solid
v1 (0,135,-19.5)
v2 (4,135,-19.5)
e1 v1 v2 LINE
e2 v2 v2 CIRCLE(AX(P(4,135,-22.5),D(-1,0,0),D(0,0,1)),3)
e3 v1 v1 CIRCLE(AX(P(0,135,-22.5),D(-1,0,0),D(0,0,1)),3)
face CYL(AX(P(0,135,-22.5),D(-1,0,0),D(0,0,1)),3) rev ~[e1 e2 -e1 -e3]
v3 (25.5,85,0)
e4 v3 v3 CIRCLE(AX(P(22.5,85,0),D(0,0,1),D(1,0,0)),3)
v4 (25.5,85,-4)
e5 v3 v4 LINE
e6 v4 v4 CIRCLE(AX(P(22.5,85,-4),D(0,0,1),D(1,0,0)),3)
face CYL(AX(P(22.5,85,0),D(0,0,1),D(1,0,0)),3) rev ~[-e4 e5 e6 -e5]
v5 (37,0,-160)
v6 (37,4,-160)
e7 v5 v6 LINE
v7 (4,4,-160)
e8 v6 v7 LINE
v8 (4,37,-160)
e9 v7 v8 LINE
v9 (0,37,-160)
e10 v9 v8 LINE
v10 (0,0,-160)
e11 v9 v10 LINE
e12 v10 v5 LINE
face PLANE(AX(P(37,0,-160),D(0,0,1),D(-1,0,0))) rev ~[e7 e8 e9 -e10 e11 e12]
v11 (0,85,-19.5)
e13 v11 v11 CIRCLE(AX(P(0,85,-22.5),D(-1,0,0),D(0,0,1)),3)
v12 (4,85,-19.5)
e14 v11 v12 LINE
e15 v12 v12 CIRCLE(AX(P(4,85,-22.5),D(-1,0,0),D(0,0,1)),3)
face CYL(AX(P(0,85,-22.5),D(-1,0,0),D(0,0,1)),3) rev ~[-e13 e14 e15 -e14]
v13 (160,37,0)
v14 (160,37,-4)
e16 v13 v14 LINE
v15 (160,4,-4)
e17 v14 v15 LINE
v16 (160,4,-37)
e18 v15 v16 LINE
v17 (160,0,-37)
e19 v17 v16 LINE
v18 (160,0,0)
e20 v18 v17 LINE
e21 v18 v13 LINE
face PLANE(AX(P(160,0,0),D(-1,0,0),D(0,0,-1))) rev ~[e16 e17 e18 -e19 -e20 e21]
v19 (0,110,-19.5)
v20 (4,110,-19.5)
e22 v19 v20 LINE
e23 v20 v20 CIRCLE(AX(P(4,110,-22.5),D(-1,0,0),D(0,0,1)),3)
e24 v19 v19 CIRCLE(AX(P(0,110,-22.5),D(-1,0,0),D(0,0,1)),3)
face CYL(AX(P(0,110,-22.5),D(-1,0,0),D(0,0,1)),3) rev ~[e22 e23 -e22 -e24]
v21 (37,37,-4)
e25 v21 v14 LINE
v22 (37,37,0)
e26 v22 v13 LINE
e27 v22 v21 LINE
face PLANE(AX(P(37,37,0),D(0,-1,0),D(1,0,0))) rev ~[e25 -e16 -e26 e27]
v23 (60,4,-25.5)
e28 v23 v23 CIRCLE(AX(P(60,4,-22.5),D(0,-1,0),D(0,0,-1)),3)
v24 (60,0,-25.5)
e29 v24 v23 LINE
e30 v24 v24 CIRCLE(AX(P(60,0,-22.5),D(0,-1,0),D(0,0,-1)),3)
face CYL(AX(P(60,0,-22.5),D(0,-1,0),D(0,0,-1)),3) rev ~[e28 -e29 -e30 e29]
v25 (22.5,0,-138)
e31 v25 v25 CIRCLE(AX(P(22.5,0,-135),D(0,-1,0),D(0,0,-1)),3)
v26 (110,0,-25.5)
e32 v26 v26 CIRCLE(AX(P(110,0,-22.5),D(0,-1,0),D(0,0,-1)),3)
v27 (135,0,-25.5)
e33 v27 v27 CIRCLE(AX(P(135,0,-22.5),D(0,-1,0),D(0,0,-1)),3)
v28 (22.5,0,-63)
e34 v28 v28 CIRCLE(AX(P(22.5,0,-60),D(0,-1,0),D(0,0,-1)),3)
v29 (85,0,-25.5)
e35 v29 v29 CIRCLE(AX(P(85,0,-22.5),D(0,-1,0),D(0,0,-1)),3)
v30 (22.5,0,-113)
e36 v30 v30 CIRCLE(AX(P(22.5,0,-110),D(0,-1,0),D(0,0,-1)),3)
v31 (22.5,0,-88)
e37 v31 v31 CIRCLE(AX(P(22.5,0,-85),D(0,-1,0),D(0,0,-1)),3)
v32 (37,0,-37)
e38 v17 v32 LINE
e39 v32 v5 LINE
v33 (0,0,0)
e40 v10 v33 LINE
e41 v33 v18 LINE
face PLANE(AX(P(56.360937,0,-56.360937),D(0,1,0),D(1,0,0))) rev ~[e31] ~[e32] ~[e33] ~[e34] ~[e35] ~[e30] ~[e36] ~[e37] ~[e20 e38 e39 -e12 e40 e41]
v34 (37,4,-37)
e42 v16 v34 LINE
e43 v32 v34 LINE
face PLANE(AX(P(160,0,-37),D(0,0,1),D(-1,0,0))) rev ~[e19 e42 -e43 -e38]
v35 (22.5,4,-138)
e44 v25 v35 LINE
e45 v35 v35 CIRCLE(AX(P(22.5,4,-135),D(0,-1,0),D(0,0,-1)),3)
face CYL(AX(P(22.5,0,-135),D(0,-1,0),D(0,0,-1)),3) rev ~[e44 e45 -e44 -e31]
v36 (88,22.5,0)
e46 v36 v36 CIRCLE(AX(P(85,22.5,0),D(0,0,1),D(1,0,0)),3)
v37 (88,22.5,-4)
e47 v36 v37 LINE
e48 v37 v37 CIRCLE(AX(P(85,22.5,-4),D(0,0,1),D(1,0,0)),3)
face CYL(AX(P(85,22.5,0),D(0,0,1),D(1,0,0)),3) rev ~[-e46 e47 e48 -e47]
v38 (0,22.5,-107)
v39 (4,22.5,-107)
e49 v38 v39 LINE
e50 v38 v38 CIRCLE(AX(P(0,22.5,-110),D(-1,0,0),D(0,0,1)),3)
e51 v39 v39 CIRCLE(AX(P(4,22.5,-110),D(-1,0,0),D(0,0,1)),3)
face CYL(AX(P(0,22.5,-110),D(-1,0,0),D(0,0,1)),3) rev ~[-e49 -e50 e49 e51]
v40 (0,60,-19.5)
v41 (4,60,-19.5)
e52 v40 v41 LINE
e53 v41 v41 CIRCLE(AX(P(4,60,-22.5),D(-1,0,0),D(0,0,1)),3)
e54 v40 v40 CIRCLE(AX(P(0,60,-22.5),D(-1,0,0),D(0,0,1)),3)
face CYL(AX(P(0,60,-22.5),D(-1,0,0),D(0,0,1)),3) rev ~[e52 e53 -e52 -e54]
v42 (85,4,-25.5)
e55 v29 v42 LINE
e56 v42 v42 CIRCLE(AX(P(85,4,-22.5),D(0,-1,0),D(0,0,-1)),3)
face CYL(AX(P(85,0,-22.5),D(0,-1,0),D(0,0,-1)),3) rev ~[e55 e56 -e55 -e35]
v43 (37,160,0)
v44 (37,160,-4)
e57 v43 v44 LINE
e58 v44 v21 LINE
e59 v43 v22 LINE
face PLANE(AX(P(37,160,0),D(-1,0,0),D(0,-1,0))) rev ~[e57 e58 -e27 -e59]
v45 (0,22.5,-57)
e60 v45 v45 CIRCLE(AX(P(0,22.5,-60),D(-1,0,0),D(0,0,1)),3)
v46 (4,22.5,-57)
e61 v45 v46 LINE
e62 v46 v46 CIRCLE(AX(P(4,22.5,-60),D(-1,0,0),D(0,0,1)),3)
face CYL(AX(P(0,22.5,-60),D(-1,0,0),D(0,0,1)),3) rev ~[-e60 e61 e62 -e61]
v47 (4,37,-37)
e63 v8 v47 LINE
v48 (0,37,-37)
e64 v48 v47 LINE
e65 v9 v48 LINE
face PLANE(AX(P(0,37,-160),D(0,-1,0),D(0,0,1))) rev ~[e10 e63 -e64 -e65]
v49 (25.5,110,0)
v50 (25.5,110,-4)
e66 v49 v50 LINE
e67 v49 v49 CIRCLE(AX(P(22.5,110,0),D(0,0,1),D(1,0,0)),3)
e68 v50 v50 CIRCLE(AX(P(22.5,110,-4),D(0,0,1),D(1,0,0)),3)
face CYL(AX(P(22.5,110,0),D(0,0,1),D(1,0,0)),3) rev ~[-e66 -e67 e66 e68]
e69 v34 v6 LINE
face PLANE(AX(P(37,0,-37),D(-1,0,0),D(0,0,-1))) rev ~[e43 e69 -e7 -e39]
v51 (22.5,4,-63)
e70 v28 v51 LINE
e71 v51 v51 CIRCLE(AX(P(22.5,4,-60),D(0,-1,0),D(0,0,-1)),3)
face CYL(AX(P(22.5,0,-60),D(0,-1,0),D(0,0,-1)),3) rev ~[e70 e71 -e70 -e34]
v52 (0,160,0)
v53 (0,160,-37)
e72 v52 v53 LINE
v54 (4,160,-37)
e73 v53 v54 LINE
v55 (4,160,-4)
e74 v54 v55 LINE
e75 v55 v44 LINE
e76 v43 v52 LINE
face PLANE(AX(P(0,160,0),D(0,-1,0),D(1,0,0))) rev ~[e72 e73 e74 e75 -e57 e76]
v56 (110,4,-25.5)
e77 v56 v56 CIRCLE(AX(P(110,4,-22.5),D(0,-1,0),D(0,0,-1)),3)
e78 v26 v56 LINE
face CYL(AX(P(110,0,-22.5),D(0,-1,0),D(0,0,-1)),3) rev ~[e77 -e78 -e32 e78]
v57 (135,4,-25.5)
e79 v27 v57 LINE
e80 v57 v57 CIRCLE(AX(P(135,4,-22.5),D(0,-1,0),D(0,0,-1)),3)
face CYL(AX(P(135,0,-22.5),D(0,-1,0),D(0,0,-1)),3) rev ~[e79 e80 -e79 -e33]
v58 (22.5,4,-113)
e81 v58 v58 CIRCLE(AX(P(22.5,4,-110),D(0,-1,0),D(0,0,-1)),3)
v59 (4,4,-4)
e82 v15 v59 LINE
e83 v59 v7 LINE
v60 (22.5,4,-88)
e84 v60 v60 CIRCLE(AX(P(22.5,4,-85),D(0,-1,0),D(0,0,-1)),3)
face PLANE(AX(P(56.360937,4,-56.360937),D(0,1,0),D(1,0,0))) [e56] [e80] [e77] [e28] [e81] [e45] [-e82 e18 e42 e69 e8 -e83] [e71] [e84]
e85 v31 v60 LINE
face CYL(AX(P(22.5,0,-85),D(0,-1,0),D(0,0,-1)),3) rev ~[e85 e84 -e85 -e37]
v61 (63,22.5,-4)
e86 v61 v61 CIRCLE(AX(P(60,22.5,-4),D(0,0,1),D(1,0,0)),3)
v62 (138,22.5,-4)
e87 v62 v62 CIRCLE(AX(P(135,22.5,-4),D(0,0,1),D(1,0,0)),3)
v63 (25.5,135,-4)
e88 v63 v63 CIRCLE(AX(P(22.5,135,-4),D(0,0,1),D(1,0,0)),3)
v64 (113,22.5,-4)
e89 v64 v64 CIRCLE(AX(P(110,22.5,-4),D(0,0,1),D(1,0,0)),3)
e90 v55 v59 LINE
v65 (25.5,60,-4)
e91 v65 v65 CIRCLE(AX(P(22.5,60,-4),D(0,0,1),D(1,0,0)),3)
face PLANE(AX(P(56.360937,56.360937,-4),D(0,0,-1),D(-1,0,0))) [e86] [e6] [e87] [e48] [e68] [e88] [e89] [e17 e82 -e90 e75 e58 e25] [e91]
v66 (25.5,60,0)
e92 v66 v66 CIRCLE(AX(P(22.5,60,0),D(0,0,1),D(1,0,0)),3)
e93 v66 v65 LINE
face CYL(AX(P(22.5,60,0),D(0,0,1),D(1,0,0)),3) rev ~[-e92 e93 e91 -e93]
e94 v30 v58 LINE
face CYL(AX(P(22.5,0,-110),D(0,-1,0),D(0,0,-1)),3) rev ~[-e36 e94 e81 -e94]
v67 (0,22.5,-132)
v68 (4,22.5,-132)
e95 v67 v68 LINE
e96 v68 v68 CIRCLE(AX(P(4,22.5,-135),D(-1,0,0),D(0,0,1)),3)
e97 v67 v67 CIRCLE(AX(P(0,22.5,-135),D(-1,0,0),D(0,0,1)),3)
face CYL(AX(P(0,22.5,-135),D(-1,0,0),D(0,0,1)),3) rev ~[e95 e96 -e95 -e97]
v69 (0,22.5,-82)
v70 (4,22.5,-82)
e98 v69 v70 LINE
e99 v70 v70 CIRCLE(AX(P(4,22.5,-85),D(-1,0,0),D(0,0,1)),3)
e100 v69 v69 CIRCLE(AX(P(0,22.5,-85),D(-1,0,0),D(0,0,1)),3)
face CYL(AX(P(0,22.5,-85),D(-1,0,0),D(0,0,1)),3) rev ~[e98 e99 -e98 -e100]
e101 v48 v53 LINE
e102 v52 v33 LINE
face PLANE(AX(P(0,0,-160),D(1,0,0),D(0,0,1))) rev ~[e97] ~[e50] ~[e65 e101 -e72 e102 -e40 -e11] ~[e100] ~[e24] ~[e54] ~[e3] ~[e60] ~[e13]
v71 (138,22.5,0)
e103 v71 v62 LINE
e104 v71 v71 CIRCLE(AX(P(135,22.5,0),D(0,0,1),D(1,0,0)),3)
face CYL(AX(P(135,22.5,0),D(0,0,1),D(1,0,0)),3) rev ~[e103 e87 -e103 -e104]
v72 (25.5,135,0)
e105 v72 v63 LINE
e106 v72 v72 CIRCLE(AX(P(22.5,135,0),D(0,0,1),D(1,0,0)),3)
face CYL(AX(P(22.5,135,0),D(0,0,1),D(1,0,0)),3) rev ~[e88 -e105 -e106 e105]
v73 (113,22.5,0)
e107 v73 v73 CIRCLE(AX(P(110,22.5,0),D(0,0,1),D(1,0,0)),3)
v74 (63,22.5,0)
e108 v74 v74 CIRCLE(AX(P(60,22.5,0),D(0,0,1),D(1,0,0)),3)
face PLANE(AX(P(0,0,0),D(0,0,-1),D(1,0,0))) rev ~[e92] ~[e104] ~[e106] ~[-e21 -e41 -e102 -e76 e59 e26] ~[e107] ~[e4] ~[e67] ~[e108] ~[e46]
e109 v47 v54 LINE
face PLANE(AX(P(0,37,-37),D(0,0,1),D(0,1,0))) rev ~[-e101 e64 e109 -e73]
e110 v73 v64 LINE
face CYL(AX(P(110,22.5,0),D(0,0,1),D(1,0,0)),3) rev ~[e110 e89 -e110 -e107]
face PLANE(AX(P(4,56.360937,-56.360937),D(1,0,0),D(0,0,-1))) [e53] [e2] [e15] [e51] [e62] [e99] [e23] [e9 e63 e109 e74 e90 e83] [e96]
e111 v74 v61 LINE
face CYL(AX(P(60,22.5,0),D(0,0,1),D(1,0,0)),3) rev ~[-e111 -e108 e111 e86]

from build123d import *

# Parameters (mm, degrees)
BOSS_EXTRUDE1_DEPTH = 4
BOSS_EXTRUDE2_DEPTH = 4
BOSS_EXTRUDE3_DEPTH = 4
SKETCH5_R           = 3
CUT_EXTRUDE2_DEPTH  = 4
SKETCH6_R           = 3
CUT_EXTRUDE3_DEPTH  = 4
SKETCH7_R           = 3
CUT_EXTRUDE4_DEPTH  = 4


with BuildPart() as part:
    # Sketch1 → Boss-Extrude1 (new body)
    with BuildSketch(Plane(origin=(0, 0, 0), x_dir=(1, 0, 0), z_dir=(0, 1, 0))):
        Polygon((0, 0), (160, 0), (160, 37), (37, 37), (37, 160), (0, 160), align=None)
    extrude(amount=BOSS_EXTRUDE1_DEPTH)

    # Sketch3 → Boss-Extrude2 (add)
    with BuildSketch(Plane.XY):
        Polygon((0, 0), (0, 160), (37, 160), (37, 37), (160, 37), (160, 0), align=None)
    extrude(amount=-BOSS_EXTRUDE2_DEPTH)

    # Sketch4 → Boss-Extrude3 (add)
    with BuildSketch(Plane.ZY):
        Polygon((0, 160), (0, 0), (-160, 0), (-160, 37), (-37, 37), (-37, 160), align=None)
    extrude(amount=-BOSS_EXTRUDE3_DEPTH)

    # Sketch5 → Cut-Extrude2 (cut)
    with BuildSketch(Plane.XZ):
        with Locations((135, -22.5)):
            Circle(SKETCH5_R)
        with Locations((110, -22.5)):
            Circle(SKETCH5_R)
        with Locations((85, -22.5)):
            Circle(SKETCH5_R)
        with Locations((22.5, -135)):
            Circle(SKETCH5_R)
        with Locations((22.5, -110)):
            Circle(SKETCH5_R)
        with Locations((22.5, -85)):
            Circle(SKETCH5_R)
        with Locations((22.5, -60)):
            Circle(SKETCH5_R)
        with Locations((60, -22.5)):
            Circle(SKETCH5_R)
    extrude(amount=-CUT_EXTRUDE2_DEPTH, mode=Mode.SUBTRACT)

    # Sketch6 → Cut-Extrude3 (cut)
    with BuildSketch(Plane.ZY):
        with Locations((-135, 22.5)):
            Circle(SKETCH6_R)
        with Locations((-110, 22.5)):
            Circle(SKETCH6_R)
        with Locations((-85, 22.5)):
            Circle(SKETCH6_R)
        with Locations((-60, 22.5)):
            Circle(SKETCH6_R)
        with Locations((-22.5, 135)):
            Circle(SKETCH6_R)
        with Locations((-22.5, 110)):
            Circle(SKETCH6_R)
        with Locations((-22.5, 85)):
            Circle(SKETCH6_R)
        with Locations((-22.5, 60)):
            Circle(SKETCH6_R)
    extrude(amount=-CUT_EXTRUDE3_DEPTH, mode=Mode.SUBTRACT)

    # Sketch7 → Cut-Extrude4 (cut)
    with BuildSketch(Plane.XY):
        with Locations((22.5, 60)):
            Circle(SKETCH7_R)
        with Locations((22.5, 85)):
            Circle(SKETCH7_R)
        with Locations((22.5, 110)):
            Circle(SKETCH7_R)
        with Locations((22.5, 135)):
            Circle(SKETCH7_R)
        with Locations((60, 22.5)):
            Circle(SKETCH7_R)
        with Locations((85, 22.5)):
            Circle(SKETCH7_R)
        with Locations((110, 22.5)):
            Circle(SKETCH7_R)
        with Locations((135, 22.5)):
            Circle(SKETCH7_R)
    extrude(amount=-CUT_EXTRUDE4_DEPTH, mode=Mode.SUBTRACT)


solid = part.part
